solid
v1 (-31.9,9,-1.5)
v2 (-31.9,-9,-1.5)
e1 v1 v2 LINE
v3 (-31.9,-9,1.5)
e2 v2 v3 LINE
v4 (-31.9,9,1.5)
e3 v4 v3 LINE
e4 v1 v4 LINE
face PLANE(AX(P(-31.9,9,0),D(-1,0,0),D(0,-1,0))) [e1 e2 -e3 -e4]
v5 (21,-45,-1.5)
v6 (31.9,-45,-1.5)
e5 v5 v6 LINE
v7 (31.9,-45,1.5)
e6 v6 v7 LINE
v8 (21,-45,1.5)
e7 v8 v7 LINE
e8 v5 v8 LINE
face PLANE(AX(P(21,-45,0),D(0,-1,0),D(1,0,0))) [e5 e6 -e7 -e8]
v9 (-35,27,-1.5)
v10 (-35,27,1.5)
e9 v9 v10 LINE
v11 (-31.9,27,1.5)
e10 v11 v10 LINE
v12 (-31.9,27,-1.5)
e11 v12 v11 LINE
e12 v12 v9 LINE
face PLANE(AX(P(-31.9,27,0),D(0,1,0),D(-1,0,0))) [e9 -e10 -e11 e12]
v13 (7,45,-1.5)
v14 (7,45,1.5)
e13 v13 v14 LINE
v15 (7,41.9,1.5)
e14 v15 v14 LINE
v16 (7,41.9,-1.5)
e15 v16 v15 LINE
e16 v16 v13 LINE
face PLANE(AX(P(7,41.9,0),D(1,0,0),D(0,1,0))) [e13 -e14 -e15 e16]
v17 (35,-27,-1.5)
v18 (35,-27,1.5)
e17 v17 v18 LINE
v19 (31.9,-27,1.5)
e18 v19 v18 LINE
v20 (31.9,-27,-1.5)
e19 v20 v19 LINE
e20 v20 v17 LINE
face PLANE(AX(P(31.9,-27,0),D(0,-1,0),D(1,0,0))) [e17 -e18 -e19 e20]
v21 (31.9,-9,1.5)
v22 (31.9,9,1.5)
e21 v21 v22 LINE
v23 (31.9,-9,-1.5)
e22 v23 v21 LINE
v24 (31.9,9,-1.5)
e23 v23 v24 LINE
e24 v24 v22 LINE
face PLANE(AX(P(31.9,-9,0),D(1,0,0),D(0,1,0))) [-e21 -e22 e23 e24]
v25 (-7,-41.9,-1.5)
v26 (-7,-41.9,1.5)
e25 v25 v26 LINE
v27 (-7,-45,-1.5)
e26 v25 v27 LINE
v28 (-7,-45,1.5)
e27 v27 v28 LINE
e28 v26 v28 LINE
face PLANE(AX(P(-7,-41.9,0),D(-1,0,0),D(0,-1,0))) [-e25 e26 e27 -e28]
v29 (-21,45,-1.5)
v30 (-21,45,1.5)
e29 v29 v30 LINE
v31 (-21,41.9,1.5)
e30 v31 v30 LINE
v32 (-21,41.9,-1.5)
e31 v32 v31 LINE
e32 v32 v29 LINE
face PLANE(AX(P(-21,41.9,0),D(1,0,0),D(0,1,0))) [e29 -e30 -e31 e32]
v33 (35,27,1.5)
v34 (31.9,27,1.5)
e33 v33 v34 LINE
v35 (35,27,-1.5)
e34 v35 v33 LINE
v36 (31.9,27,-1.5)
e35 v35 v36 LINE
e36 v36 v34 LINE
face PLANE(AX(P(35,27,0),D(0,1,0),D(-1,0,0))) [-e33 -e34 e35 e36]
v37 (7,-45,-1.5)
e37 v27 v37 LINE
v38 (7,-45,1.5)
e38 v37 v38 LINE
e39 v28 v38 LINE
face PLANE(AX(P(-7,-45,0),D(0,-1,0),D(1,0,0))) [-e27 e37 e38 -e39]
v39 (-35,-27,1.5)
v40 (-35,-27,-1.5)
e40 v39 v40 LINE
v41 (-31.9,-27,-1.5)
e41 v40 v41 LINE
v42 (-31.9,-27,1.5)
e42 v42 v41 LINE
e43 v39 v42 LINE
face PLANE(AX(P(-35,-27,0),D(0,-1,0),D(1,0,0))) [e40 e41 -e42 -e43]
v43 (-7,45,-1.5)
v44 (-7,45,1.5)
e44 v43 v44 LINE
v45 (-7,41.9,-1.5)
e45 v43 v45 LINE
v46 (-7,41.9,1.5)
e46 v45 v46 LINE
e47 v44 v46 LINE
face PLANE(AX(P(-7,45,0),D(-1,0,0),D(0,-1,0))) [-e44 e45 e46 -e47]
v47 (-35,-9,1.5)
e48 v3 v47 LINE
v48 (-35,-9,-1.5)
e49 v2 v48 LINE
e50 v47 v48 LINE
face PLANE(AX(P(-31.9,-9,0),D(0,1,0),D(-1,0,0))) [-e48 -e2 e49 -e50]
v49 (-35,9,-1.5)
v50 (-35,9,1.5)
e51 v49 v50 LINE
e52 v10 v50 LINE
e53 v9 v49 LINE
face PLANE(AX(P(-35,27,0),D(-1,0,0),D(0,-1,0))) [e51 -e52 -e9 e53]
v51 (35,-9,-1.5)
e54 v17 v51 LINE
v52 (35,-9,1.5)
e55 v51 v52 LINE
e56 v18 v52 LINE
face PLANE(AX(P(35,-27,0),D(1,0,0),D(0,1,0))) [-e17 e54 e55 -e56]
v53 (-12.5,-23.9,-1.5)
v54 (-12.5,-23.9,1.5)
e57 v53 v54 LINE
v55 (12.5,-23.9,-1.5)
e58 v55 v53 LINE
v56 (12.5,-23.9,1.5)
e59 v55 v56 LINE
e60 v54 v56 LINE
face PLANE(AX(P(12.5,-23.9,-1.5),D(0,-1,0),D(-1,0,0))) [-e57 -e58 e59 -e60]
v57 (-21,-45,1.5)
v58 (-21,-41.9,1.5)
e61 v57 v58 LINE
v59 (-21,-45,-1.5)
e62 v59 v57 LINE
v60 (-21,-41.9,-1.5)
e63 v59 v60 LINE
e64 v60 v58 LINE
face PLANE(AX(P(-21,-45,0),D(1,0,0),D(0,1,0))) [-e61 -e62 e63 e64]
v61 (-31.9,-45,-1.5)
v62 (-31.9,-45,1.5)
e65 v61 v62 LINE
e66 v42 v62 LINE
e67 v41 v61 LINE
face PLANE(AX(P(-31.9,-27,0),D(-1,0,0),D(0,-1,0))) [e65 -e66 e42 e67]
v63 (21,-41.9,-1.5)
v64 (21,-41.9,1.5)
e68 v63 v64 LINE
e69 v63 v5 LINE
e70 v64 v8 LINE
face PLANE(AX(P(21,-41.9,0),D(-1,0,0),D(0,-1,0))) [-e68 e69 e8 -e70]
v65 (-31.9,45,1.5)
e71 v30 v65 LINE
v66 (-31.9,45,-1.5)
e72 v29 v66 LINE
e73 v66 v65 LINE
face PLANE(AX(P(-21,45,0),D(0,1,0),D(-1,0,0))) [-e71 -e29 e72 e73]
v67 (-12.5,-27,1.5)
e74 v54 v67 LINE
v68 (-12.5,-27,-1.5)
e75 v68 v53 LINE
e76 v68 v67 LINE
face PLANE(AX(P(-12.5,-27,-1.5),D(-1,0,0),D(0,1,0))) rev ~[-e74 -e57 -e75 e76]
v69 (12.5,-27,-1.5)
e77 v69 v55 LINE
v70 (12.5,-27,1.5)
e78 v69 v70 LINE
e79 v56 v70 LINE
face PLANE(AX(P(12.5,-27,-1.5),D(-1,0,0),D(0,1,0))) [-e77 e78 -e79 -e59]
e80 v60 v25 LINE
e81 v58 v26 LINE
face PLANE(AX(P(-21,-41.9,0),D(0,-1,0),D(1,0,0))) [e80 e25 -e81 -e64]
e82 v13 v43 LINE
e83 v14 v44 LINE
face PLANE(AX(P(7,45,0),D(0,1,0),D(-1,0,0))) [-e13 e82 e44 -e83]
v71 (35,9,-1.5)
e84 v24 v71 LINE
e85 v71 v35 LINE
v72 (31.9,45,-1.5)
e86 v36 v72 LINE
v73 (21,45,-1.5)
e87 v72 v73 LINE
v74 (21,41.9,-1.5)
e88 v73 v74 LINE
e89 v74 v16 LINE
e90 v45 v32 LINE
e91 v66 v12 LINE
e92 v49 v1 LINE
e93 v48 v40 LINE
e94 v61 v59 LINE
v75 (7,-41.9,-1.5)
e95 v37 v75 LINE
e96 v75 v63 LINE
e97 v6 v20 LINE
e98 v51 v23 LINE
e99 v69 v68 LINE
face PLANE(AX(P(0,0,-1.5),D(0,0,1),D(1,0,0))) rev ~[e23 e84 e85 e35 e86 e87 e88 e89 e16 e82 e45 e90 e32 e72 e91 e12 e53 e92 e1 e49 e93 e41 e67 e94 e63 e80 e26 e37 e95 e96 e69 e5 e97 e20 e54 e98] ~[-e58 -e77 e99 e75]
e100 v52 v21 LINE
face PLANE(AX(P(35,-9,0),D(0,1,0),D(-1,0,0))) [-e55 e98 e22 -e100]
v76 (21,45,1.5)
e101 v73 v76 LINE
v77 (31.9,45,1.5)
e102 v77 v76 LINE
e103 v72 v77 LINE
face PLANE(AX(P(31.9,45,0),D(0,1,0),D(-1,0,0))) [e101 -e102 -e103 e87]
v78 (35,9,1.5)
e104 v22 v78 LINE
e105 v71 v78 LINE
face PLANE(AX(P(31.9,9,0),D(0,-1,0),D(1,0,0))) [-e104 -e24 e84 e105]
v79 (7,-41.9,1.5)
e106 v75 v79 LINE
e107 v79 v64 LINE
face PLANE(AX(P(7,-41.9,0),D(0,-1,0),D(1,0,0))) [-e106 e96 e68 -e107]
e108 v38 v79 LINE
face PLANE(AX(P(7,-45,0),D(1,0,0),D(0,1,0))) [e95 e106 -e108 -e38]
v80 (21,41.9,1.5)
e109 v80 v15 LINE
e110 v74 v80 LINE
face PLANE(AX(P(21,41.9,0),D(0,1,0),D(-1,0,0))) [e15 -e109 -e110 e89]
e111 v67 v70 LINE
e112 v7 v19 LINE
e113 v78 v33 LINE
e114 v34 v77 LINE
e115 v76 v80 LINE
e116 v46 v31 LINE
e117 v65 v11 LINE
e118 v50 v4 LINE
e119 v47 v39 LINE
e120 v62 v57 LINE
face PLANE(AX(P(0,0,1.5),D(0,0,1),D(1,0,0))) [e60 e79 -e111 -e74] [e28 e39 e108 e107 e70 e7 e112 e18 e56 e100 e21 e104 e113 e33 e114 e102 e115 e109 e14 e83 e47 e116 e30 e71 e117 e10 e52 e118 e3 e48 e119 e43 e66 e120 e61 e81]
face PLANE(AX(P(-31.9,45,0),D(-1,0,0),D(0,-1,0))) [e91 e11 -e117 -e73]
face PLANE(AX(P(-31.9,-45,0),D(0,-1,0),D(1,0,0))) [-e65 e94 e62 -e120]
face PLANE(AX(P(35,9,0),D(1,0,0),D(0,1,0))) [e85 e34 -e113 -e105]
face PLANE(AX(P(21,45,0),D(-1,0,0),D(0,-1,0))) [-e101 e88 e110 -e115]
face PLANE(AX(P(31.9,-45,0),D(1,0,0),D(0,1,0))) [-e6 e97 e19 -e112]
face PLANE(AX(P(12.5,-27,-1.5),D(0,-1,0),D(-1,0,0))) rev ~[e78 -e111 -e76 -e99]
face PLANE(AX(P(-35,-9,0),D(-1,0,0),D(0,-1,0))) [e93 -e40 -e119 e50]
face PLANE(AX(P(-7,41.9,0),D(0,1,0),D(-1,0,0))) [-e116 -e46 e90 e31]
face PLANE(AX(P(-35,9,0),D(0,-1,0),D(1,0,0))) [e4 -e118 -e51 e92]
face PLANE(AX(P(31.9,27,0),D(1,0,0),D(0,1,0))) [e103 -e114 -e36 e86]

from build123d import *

# Parameters (mm, degrees)
SALIENTE_EXTRUIR1_DEPTH = 1.5
CROQUIS2_W              = 25
CROQUIS2_H              = 3.1
CORTAR_EXTRUIR1_DEPTH   = 10


with BuildPart() as part:
    # Croquis1 → Saliente-Extruir1 (new, symmetric)
    with BuildSketch(Plane.XY):
        Polygon((-31.9, -27), (-31.9, -45), (-21, -45), (-21, -41.9), (-7, -41.9), (-7, -45), (7, -45), (7, -41.9), (21, -41.9), (21, -45), (31.9, -45), (31.9, -27), (35, -27), (35, -9), (31.9, -9), (31.9, 9), (35, 9), (35, 27), (31.9, 27), (31.9, 45), (21, 45), (21, 41.9), (7, 41.9), (7, 45), (-7, 45), (-7, 41.9), (-21, 41.9), (-21, 45), (-31.9, 45), (-31.9, 27), (-35, 27), (-35, 9), (-31.9, 9), (-31.9, -9), (-35, -9), (-35, -27), align=None)
    extrude(amount=SALIENTE_EXTRUIR1_DEPTH, both=True)

    # Croquis2 → Cortar-Extruir1 (cut)
    with BuildSketch(Plane(origin=(0, 0, -1.5), x_dir=(-1, 0, 0), z_dir=(0, 0, -1))):
        with Locations((0, -25.45)):
            Rectangle(CROQUIS2_W, CROQUIS2_H)
    extrude(amount=-CORTAR_EXTRUIR1_DEPTH, mode=Mode.SUBTRACT)


solid = part.part
